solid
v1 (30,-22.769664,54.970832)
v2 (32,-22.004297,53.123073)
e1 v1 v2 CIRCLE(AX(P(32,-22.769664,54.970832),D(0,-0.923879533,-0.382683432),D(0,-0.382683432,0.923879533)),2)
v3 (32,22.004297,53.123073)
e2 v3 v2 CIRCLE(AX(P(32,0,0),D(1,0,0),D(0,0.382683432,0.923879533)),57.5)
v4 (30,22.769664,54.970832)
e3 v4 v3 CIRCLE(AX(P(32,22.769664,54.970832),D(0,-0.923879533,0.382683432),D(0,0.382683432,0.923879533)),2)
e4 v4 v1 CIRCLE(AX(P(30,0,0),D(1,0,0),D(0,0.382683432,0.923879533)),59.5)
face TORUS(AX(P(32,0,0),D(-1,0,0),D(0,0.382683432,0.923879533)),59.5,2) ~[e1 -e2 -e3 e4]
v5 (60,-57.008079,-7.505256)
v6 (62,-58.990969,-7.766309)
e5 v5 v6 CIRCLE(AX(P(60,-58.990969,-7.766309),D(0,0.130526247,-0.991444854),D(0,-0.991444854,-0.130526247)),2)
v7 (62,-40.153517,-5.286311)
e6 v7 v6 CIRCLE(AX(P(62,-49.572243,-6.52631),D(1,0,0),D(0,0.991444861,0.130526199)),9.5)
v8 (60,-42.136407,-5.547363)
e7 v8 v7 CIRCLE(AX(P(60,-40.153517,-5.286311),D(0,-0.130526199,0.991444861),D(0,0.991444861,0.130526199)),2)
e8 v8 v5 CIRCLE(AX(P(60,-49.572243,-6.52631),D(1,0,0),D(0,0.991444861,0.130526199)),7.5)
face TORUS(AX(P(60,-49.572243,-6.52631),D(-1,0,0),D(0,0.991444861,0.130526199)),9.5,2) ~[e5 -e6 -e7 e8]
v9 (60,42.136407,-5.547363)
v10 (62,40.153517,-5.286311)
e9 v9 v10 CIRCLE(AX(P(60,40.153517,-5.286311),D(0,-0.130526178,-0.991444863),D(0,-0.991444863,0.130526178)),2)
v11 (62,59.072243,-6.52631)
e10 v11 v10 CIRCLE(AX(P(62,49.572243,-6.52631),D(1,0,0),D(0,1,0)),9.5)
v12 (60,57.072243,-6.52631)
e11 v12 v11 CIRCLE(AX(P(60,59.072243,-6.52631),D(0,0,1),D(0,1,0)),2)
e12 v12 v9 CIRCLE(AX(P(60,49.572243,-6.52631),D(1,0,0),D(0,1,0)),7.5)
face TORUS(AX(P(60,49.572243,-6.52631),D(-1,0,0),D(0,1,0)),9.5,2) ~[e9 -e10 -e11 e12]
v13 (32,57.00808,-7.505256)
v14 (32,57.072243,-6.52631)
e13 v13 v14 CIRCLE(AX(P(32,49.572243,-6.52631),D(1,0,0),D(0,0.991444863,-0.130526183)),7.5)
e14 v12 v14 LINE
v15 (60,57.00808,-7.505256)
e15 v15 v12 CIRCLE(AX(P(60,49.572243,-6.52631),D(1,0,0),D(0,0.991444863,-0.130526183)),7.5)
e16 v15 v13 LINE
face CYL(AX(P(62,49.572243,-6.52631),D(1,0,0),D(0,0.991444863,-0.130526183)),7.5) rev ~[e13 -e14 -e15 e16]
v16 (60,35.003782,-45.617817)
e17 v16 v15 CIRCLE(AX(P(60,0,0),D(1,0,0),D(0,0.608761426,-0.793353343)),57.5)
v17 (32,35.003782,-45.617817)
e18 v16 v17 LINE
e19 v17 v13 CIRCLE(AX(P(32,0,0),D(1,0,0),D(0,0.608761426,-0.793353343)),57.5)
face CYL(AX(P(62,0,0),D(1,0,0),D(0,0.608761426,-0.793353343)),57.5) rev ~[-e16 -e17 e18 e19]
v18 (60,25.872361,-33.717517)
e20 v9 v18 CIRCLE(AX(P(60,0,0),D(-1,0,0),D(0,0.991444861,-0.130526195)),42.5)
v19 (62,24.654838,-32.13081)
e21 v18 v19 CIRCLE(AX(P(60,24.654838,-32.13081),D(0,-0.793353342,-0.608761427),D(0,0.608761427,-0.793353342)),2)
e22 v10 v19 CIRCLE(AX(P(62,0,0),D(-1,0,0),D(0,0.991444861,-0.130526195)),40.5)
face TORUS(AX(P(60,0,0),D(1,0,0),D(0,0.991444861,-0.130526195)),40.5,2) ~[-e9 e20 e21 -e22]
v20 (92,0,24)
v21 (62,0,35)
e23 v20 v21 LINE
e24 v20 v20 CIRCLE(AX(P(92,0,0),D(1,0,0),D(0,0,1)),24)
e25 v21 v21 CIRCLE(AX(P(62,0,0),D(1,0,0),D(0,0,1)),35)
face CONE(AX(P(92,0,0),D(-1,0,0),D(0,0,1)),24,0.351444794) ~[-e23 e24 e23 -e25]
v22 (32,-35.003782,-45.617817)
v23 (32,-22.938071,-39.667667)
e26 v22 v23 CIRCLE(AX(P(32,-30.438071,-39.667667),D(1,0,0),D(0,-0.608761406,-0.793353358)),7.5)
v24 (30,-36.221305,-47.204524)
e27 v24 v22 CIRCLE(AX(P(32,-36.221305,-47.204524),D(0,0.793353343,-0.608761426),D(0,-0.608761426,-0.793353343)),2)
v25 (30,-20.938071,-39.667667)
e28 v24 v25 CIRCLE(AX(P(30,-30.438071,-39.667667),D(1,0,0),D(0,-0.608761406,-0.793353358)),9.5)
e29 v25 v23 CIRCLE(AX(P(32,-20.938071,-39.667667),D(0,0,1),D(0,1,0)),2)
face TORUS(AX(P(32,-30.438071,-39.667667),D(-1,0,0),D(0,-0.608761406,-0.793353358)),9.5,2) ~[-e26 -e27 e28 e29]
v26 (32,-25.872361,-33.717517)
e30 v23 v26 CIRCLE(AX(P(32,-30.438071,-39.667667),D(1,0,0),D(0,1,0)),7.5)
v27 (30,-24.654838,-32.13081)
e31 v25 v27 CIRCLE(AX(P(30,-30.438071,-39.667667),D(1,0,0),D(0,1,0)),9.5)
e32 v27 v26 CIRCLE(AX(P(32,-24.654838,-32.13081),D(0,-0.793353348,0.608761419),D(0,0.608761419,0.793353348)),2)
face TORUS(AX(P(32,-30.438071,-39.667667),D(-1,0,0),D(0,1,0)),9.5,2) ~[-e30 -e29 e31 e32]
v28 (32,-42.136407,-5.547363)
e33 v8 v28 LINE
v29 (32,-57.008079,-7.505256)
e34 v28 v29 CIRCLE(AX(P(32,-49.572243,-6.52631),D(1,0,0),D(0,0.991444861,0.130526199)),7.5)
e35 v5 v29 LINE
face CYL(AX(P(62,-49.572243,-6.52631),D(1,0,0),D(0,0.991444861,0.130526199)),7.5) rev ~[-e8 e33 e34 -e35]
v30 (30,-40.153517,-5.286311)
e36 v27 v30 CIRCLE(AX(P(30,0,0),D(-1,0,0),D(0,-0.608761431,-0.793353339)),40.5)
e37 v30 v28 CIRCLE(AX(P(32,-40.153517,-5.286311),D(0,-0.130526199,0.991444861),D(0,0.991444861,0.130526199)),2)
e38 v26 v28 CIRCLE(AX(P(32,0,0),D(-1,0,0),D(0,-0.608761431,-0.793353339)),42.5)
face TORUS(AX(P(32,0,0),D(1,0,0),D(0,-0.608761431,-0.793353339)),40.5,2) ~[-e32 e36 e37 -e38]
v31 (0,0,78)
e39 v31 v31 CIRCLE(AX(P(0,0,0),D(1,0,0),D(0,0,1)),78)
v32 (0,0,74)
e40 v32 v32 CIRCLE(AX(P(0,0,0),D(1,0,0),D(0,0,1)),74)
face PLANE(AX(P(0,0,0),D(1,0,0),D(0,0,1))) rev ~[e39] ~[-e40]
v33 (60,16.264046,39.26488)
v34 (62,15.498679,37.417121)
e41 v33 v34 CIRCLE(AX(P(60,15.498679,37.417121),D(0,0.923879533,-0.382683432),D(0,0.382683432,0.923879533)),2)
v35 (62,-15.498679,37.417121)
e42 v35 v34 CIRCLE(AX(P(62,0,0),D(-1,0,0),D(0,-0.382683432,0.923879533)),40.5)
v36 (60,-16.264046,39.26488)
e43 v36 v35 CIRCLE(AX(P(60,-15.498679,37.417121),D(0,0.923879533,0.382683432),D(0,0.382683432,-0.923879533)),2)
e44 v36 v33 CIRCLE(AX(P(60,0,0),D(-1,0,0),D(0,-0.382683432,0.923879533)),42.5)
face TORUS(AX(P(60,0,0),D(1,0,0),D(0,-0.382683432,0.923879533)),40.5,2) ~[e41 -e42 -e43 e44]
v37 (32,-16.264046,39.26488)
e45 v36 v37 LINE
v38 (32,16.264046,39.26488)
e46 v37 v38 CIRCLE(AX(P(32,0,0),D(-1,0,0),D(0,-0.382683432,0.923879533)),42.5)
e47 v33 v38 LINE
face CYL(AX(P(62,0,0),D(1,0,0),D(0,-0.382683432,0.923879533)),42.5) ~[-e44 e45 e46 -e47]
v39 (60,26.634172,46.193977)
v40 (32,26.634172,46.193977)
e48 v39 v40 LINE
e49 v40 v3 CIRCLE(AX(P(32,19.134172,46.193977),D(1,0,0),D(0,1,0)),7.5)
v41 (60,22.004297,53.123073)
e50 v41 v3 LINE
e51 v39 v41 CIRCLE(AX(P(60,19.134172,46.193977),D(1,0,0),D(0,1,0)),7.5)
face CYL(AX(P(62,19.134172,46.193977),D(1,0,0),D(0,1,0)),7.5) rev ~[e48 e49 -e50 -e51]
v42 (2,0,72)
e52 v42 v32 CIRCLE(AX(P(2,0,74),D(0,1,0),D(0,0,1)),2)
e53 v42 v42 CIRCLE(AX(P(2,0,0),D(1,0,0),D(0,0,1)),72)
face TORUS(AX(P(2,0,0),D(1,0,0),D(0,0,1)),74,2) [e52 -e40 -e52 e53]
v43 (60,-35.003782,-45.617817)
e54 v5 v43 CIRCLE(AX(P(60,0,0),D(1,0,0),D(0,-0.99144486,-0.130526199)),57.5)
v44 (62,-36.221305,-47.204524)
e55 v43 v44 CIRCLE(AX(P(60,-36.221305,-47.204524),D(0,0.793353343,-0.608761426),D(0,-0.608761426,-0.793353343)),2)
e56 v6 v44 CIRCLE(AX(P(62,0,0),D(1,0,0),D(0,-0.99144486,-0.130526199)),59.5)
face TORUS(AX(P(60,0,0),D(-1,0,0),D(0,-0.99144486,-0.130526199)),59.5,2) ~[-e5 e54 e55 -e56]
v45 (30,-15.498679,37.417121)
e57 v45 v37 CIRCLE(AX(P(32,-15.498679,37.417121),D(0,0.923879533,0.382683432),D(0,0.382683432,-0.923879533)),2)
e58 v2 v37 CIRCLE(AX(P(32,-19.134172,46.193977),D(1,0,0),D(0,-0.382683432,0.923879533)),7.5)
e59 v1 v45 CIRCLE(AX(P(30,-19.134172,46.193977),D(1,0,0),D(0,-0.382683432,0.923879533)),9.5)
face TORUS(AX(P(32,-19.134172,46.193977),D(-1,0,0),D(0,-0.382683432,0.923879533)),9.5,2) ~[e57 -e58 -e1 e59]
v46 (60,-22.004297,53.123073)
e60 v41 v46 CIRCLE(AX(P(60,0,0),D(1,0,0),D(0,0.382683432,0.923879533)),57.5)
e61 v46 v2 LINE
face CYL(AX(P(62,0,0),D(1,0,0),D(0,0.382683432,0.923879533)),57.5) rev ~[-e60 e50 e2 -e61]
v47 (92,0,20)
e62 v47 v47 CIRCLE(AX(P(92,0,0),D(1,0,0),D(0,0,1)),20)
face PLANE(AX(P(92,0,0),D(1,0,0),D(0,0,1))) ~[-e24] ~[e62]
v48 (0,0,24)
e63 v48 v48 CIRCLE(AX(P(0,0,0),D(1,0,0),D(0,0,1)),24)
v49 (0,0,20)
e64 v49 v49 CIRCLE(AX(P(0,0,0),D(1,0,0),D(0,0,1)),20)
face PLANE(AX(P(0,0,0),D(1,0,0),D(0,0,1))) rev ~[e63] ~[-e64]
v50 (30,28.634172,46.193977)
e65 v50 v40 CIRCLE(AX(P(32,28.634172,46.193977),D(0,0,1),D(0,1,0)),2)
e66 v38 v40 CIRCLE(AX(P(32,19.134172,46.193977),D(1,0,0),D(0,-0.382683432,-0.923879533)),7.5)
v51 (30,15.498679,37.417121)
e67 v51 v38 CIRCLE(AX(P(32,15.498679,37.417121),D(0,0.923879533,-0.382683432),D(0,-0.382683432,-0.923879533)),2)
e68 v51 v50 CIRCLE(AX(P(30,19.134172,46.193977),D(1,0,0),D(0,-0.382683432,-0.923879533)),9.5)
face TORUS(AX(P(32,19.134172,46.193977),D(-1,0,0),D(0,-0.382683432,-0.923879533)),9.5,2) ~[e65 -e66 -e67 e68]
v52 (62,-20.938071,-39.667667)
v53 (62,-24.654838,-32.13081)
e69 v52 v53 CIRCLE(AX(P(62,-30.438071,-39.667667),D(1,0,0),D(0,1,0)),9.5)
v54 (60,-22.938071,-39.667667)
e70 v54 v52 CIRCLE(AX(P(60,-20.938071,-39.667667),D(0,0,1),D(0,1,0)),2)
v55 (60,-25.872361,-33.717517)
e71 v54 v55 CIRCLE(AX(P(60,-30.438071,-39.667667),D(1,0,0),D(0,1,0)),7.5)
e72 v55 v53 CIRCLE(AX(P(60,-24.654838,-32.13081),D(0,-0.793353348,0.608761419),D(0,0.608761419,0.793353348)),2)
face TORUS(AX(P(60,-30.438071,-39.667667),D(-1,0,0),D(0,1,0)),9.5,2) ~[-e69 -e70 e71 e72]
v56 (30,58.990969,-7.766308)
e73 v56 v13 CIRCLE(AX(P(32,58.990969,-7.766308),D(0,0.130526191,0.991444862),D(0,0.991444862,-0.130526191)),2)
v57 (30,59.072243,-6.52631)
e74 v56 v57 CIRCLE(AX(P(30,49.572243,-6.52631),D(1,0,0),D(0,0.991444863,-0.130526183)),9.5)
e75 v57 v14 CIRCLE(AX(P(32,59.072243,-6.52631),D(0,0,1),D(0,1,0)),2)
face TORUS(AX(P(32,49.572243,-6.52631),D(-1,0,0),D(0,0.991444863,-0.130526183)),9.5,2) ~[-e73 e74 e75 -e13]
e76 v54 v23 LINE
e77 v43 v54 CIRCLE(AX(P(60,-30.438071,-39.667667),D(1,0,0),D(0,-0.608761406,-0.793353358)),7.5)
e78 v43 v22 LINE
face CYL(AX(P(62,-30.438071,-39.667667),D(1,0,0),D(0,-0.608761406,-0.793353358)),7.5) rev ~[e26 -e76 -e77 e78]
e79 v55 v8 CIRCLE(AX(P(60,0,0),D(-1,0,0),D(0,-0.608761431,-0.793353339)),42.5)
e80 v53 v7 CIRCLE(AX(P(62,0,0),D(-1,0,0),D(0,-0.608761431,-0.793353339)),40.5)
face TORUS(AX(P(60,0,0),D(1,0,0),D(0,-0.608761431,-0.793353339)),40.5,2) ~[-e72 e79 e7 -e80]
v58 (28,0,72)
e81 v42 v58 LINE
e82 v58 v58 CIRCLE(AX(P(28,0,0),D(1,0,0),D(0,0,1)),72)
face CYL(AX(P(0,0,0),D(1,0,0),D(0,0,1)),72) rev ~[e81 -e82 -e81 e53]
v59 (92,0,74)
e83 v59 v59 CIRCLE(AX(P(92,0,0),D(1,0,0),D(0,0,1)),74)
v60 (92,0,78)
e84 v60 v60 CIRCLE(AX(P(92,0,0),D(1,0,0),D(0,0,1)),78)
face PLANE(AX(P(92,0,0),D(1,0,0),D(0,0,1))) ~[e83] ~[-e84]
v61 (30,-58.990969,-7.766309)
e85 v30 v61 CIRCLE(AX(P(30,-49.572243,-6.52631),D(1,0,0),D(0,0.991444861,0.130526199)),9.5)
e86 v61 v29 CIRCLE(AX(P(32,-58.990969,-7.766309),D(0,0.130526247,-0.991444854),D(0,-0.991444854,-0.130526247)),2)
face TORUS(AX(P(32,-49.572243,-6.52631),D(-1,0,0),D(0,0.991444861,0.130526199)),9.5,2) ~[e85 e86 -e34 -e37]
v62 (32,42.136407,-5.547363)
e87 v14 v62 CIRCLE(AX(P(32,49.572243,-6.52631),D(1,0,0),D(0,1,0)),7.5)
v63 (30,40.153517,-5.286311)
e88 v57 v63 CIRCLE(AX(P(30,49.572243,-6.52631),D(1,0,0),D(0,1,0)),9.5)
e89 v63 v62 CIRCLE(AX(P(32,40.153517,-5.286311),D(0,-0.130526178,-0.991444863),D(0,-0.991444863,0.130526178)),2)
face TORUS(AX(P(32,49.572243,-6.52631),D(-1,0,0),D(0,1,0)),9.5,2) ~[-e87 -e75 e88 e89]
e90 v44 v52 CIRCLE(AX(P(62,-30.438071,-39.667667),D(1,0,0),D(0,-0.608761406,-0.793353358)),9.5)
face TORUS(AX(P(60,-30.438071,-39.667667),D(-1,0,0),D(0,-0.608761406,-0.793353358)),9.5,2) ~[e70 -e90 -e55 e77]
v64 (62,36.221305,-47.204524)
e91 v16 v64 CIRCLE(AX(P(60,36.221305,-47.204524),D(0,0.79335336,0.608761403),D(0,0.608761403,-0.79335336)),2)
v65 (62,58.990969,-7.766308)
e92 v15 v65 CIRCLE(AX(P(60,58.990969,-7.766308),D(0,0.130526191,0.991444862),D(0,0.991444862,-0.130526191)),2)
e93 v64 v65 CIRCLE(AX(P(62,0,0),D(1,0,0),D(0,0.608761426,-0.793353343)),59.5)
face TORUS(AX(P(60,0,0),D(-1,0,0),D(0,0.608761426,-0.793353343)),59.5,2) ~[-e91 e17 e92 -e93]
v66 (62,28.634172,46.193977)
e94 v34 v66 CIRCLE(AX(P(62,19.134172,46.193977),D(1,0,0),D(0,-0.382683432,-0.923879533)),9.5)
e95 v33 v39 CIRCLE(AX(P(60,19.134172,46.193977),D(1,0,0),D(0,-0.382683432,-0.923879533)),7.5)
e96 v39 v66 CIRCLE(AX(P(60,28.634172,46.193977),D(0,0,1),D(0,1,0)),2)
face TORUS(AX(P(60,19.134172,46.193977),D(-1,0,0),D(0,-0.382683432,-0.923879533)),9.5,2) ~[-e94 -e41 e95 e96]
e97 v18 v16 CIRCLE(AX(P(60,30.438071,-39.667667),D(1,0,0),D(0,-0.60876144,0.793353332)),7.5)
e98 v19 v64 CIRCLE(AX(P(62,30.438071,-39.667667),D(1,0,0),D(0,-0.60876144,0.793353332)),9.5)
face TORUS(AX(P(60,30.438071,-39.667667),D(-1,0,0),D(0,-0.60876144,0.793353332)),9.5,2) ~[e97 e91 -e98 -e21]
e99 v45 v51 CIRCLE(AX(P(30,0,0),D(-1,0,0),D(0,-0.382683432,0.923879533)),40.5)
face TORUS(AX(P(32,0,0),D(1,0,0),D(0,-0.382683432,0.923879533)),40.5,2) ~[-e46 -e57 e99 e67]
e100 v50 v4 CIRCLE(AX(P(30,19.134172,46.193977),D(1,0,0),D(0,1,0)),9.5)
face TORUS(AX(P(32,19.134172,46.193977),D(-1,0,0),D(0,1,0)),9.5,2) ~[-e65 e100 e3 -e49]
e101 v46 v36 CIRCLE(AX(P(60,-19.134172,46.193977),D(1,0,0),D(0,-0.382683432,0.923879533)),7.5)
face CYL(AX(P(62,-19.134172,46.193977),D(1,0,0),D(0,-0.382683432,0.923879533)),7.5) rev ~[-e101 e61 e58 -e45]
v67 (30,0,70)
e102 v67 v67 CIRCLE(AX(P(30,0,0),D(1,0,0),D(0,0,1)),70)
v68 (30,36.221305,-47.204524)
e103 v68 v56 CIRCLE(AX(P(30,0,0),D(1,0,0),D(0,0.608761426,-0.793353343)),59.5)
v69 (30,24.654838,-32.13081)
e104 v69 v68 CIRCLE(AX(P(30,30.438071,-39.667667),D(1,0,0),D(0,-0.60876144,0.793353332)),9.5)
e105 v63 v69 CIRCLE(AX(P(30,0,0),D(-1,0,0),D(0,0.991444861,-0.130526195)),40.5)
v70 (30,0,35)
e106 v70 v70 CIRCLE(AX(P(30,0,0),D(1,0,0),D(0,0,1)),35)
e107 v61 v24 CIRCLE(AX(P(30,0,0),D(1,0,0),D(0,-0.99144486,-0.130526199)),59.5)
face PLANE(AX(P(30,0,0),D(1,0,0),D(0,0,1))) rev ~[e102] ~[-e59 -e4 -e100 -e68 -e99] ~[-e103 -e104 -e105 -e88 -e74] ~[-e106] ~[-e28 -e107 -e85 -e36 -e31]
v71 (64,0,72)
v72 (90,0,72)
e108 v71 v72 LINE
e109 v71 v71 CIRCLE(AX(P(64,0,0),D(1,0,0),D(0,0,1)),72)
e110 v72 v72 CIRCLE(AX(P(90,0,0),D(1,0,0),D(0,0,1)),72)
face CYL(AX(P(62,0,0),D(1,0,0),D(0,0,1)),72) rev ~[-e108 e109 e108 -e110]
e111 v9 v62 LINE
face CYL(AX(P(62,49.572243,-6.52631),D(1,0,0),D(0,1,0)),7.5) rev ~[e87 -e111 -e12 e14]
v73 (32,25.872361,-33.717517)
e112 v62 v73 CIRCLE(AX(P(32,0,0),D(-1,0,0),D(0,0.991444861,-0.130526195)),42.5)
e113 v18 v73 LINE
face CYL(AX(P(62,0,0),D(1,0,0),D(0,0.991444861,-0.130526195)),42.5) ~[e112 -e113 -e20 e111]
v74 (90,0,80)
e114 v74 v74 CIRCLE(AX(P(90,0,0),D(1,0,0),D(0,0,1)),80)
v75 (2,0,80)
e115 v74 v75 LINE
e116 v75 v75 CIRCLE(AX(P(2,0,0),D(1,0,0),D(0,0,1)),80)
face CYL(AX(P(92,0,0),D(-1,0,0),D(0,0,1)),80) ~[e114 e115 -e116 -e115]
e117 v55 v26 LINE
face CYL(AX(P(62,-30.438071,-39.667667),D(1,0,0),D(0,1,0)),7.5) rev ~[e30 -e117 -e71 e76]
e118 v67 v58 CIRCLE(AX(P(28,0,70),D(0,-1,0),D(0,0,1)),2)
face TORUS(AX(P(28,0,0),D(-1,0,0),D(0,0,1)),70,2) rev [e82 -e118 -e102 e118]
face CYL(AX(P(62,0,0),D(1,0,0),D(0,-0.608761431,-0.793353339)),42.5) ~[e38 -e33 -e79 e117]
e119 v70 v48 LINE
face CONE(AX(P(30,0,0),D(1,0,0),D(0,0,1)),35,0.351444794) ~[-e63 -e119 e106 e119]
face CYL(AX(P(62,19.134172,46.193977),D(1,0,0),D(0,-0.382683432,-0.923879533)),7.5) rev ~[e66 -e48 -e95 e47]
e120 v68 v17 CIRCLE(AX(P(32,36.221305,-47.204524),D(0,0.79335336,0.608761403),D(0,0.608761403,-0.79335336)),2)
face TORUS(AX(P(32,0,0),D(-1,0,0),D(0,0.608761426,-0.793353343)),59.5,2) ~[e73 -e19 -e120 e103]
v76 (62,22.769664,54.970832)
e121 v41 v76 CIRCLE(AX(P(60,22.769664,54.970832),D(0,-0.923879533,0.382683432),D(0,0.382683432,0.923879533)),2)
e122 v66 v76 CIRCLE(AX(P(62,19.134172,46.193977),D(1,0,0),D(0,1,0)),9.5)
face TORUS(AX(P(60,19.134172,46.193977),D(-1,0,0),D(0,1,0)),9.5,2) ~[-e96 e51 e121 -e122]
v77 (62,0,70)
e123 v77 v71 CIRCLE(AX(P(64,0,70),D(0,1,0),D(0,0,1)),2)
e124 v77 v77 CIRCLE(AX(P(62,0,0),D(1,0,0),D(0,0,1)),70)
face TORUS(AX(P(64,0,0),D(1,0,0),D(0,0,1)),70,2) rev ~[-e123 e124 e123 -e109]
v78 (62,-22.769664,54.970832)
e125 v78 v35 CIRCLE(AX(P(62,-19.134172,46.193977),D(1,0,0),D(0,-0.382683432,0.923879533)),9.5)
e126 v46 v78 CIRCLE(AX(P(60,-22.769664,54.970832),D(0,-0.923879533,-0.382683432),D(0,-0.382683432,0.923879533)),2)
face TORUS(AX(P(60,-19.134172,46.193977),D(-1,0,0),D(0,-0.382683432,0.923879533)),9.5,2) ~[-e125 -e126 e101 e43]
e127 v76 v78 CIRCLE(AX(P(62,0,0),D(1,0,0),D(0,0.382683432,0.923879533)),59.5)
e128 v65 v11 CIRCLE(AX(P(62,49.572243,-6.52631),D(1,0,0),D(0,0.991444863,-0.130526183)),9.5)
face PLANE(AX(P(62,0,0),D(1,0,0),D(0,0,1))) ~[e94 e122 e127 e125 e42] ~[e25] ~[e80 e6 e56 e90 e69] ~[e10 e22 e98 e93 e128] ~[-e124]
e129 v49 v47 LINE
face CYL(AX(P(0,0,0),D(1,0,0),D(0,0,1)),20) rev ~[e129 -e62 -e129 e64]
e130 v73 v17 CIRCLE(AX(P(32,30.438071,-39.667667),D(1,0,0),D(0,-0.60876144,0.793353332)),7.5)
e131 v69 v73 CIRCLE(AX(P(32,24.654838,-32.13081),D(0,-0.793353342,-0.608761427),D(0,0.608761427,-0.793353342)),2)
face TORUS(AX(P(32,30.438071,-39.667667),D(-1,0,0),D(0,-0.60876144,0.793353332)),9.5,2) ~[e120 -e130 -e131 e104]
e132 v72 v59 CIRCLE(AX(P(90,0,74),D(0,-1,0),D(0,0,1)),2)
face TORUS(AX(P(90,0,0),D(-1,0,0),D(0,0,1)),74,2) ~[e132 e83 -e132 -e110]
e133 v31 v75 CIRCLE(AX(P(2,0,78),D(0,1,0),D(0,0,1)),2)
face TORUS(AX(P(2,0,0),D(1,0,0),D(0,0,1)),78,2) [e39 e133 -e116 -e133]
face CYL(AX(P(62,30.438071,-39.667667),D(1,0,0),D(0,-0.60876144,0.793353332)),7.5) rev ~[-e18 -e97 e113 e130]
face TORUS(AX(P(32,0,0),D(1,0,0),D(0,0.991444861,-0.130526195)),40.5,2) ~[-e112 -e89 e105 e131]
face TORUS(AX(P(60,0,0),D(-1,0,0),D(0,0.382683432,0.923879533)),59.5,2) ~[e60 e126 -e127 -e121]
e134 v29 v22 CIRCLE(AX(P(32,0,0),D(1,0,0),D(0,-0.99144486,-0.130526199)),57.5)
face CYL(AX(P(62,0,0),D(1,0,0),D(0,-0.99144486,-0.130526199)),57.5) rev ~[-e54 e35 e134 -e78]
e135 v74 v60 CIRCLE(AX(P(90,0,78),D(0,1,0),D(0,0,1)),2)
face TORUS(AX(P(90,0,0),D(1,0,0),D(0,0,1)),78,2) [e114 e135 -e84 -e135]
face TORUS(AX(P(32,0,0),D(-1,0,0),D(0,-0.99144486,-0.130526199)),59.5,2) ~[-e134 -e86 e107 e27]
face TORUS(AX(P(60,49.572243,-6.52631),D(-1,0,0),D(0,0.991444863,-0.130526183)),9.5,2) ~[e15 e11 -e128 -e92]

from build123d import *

# Parameters (mm, degrees)
F3_DEPTH = 62.001
F4_R     = 2


with BuildPart() as f1:
    # F0 (on Front) → F1 (revolve)
    with BuildSketch(Plane.XZ):
        Polygon((0, 24), (0, 20), (92, 20), (92, 24), (62, 35), (62, 72), (92, 72), (92, 80), (0, 80), (0, 72), (30, 72), (30, 35), align=None)
    revolve(axis=Axis((46, 0, 0), (1, 0, 0)))

    # F2 (on face) → F3 (cut, through all)
    with BuildSketch(Plane.YZ.offset(62)):
        with BuildLine():
            ThreePointArc((-16.2640458755, 39.2648801317), (-12.898149526, 42.0271998779), (-11.6341716183, 46.1939766256))
            ThreePointArc((-11.6341716183, 46.1939766256), (-14.9673948706, 52.4299987178), (-22.004297361, 53.1230731194))
            ThreePointArc((-22.004297361, 53.1230731194), (-26.0632681121, 43.3238508828), (-16.2640458755, 39.2648801317))
        make_face()
        with BuildLine():
            ThreePointArc((-22.004297361, 53.1230731194), (-14.9673948706, 52.4299987178), (-11.6341716183, 46.1939766256))
            ThreePointArc((-11.6341716183, 46.1939766256), (-12.898149526, 42.0271998779), (-16.2640458755, 39.2648801317))
            ThreePointArc((-16.2640458755, 39.2648801317), (0, 42.5), (16.2640458755, 39.2648801317))
            ThreePointArc((16.2640458755, 39.2648801317), (12.2050751244, 49.0641023683), (22.004297361, 53.1230731194))
            ThreePointArc((22.004297361, 53.1230731194), (0, 57.5), (-22.004297361, 53.1230731194))
        make_face()
        with BuildLine():
            ThreePointArc((26.6341716183, 46.1939766256), (25.3701937105, 50.3607533732), (22.004297361, 53.1230731194))
            ThreePointArc((22.004297361, 53.1230731194), (12.2050751244, 49.0641023683), (16.2640458755, 39.2648801317))
            ThreePointArc((16.2640458755, 39.2648801317), (23.3009483659, 39.9579545333), (26.6341716183, 46.1939766256))
        make_face()
        with BuildLine():
            ThreePointArc((42.1364065945, -5.5473632749), (48.5932967144, -13.9621460828), (57.0080795381, -7.5052559834))
            ThreePointArc((57.0080795381, -7.5052559834), (57.0561849953, -7.0168330454), (57.0722430687, -6.526309611))
            ThreePointArc((57.0722430687, -6.526309611), (50.0627664848, 0.9576323168), (42.1364065945, -5.5473632749))
        make_face()
        with BuildLine():
            ThreePointArc((35.0037819717, -45.6178172174), (49.7964606732, -28.7500000769), (57.0080795381, -7.5052559834))
            ThreePointArc((57.0080795381, -7.5052559834), (48.5932967144, -13.9621460828), (42.1364065945, -5.5473632749))
            ThreePointArc((42.1364065945, -5.5473632749), (36.8060796093, -21.2500000893), (25.8723606537, -33.7175170231))
            ThreePointArc((25.8723606537, -33.7175170231), (33.7552365823, -32.941121431), (37.9380714504, -39.6676670146))
            ThreePointArc((37.9380714504, -39.6676670146), (37.1646169572, -42.9848323022), (35.0037819717, -45.6178172174))
        make_face()
        with BuildLine():
            ThreePointArc((25.8723606537, -33.7175170231), (24.4879213533, -44.2333776735), (35.0037819717, -45.6178172174))
            ThreePointArc((35.0037819717, -45.6178172174), (37.1646169572, -42.9848323022), (37.9380714504, -39.6676670146))
            ThreePointArc((37.9380714504, -39.6676670146), (33.7552365823, -32.941121431), (25.8723606537, -33.7175170231))
        make_face()
        with BuildLine():
            ThreePointArc((-42.1364066146, -5.5473631221), (-50.551189738, 0.9095268193), (-57.0080794753, -7.5052564607))
            ThreePointArc((-57.0080794753, -7.5052564607), (-49.0817193941, -14.0102515218), (-42.0722430687, -6.526309611))
            ThreePointArc((-42.0722430687, -6.526309611), (-42.088301146, -6.035786118), (-42.1364066146, -5.5473631221))
        make_face()
        with BuildLine():
            ThreePointArc((-42.0722430687, -6.526309611), (-49.0817193941, -14.0102515218), (-57.0080794753, -7.5052564607))
            ThreePointArc((-57.0080794753, -7.5052564607), (-49.7964605605, -28.7500002721), (-35.003781996, -45.6178171987))
            ThreePointArc((-35.003781996, -45.6178171987), (-36.3882215981, -35.1019564215), (-25.8723608098, -33.7175169034))
            ThreePointArc((-25.8723608098, -33.7175169034), (-36.806079697, -21.2499999374), (-42.1364066146, -5.5473631221))
            ThreePointArc((-42.1364066146, -5.5473631221), (-42.088301146, -6.035786118), (-42.0722430687, -6.526309611))
        make_face()
        with BuildLine():
            ThreePointArc((-25.8723608098, -33.7175169034), (-36.3882215981, -35.1019564215), (-35.003781996, -45.6178171987))
            ThreePointArc((-35.003781996, -45.6178171987), (-27.1209061766, -46.3942125281), (-22.9380714504, -39.6676670146))
            ThreePointArc((-22.9380714504, -39.6676670146), (-23.7115259104, -36.3505017945), (-25.8723608098, -33.7175169034))
        make_face()
    extrude(amount=-F3_DEPTH, mode=Mode.SUBTRACT)

    # F4
    f4_edges = [f1.edges().sort_by_distance(p)[0] for p in [
        (92, 0, -80),
        (92, 0, -72),
        (0, 0, -80),
        (0, 0, -72),
        (30, 0, -72),
        (62, 0, -72),
        (62, 0, 57.5),
        (62, 50.551189, 0.909527),
        (62, -50.55119, 0.909527),
        (30, 26.063268, 43.323851),
        (30, 50.551189, 0.909527),
        (30, -50.55119, 0.909527),
    ]]
    fillet(f4_edges, radius=F4_R)


solid = f1.part
